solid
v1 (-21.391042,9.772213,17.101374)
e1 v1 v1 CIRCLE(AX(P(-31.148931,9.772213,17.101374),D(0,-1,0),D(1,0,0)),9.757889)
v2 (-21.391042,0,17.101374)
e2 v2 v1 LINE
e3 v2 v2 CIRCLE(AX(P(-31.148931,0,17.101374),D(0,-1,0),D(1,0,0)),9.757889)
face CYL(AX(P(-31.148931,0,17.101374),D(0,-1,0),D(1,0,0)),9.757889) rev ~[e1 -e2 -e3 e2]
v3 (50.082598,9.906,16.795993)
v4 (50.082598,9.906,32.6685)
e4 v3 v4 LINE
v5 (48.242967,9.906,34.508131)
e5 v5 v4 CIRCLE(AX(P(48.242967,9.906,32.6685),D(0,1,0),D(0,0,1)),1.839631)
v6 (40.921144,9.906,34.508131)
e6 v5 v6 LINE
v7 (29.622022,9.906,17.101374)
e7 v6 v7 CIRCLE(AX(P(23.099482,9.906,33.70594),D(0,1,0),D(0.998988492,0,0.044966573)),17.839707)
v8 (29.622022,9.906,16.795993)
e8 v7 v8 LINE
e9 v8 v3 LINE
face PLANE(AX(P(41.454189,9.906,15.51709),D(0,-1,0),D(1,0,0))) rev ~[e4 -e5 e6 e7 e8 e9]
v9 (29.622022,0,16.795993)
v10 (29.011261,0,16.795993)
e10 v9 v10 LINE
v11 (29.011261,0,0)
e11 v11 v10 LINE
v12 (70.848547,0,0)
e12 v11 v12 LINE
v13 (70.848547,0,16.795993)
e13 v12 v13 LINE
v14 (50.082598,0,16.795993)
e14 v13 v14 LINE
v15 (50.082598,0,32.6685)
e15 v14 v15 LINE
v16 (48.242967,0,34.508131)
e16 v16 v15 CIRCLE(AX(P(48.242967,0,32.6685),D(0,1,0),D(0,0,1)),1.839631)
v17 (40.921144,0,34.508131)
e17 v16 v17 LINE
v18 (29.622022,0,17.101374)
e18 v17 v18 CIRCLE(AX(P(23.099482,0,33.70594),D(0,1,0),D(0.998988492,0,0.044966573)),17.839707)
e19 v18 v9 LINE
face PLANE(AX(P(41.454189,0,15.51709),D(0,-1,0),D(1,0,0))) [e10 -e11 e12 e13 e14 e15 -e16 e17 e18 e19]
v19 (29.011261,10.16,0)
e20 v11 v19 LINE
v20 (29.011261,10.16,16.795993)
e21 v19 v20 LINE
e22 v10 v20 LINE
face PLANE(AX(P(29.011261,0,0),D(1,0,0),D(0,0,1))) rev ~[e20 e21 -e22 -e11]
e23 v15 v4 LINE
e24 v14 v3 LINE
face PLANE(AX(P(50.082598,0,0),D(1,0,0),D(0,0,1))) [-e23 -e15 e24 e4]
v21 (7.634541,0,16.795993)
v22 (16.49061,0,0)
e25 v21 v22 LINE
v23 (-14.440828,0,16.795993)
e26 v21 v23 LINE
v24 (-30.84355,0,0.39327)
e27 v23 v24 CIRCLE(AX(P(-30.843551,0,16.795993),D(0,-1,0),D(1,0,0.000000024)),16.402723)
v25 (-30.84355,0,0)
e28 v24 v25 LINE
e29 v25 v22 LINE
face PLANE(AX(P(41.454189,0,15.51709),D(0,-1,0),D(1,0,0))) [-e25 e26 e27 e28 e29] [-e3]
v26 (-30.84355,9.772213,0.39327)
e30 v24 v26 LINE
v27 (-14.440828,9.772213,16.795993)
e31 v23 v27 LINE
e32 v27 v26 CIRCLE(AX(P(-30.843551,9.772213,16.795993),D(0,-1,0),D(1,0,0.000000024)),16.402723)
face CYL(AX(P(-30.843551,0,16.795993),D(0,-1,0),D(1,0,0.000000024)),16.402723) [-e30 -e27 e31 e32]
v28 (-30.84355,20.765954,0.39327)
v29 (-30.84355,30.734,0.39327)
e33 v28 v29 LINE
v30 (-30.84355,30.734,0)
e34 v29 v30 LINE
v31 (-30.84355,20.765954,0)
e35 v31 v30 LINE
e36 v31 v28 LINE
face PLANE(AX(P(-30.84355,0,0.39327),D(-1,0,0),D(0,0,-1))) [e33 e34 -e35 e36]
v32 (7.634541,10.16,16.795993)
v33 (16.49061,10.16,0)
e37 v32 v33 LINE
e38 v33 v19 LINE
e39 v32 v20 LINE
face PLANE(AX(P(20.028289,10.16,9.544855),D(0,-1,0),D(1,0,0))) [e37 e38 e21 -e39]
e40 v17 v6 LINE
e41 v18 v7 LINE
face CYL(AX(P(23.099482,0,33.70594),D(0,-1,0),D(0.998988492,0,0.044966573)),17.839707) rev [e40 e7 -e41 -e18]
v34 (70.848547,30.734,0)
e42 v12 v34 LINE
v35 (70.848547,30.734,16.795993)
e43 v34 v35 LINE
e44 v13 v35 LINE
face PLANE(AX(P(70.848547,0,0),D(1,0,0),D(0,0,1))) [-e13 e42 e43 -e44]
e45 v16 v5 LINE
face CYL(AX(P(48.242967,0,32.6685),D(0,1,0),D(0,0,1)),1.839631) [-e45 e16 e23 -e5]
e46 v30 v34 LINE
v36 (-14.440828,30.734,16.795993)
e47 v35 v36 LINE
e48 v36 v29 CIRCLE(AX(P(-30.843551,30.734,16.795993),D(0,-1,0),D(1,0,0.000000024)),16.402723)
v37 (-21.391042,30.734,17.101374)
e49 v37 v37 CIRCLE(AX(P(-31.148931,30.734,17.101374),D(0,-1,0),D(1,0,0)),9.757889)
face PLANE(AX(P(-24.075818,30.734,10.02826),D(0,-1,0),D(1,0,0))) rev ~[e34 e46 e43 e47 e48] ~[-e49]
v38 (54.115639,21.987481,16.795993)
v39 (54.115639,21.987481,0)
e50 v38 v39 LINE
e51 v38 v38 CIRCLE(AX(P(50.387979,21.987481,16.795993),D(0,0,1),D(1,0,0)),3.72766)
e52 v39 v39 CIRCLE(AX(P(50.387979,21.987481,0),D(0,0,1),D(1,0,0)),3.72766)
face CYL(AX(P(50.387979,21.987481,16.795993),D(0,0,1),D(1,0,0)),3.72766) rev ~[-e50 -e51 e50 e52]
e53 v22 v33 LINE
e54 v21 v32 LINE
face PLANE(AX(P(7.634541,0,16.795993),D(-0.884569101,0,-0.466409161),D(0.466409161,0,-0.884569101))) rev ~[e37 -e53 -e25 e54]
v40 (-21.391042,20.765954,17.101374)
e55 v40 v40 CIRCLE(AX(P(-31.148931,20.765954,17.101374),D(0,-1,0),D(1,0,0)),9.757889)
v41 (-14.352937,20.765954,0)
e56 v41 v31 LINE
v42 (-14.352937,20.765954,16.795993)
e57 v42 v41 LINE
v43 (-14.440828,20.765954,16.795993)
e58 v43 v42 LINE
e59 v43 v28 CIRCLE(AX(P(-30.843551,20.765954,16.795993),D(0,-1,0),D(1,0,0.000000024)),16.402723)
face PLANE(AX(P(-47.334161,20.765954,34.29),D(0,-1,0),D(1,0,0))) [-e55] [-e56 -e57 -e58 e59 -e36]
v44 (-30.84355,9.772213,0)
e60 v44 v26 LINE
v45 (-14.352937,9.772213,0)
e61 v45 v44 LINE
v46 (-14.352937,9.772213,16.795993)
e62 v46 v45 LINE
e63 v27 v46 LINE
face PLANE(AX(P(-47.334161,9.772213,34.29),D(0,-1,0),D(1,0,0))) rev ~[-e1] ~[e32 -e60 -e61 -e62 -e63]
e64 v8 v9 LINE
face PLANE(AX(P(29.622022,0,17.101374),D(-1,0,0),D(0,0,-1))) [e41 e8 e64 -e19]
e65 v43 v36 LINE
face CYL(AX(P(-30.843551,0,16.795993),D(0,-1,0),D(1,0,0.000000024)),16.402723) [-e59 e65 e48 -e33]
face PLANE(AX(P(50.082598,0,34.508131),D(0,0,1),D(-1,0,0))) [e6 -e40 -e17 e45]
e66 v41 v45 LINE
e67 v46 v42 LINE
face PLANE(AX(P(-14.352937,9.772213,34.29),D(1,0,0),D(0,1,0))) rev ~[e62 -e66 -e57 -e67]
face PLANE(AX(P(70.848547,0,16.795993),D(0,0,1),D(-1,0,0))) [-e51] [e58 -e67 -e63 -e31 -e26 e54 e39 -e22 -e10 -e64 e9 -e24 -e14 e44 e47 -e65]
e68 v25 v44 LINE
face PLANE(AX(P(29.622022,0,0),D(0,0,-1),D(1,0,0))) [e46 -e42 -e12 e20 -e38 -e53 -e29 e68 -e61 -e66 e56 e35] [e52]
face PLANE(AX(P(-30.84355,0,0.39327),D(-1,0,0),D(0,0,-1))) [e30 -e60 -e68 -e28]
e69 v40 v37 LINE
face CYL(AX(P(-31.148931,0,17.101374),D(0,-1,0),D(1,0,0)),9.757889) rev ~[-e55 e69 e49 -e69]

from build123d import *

# Parameters (mm, degrees)
F1_DEPTH  = 30.734
F3_W      = 32.981223
F3_H      = 10.993741
F4_DEPTH  = 53.848
F5_R      = 9.757889
F6_DEPTH  = 53.086
F8_DEPTH  = 9.906
F9_R      = 1.839631
F11_DEPTH = 10.16
F12_R     = 3.72766
F13_DEPTH = 25.4


with BuildPart() as f1:
    # F0 (on Front) → F1 (new body)
    with BuildSketch(Plane.XZ):
        with BuildLine():
            ThreePointArc((-30.84355, 0.39327), (-19.245074, 5.197517), (-14.440828, 16.795993))
            Line((-14.440828, 16.795993), (-30.84355, 16.795993))
            Line((-30.84355, 16.795993), (-30.84355, 0.39327))
        make_face()
        with BuildLine():
            Line((-30.84355, 16.795993), (-14.440828, 16.795993))
            ThreePointArc((-14.440828, 16.795993), (-42.442027, 28.394469), (-30.84355, 0.39327))
            Line((-30.84355, 0.39327), (-30.84355, 16.795993))
        make_face()
        with BuildLine():
            Line((70.848547, 16.795993), (-14.440828, 16.795993))
            ThreePointArc((-14.440828, 16.795993), (-19.245074, 5.197517), (-30.84355, 0.39327))
            Line((-30.84355, 0.39327), (-30.84355, 0))
            Line((-30.84355, 0), (70.848547, 0))
            Line((70.848547, 0), (70.848547, 16.795993))
        make_face()
    extrude(amount=-F1_DEPTH)

    # F3 (on offset) → F4 (cut)
    with BuildSketch(Plane.XY.offset(34.29)):
        with Locations((-30.843549, 15.269084)):
            Rectangle(F3_W, F3_H)
    extrude(amount=-F4_DEPTH, mode=Mode.SUBTRACT)

    # F5 (on Front) → F6 (cut)
    with BuildSketch(Plane.XZ):
        with Locations((-31.148931, 17.101374)):
            Circle(F5_R)
    extrude(amount=-F6_DEPTH, mode=Mode.SUBTRACT)

    # F7 (on Front) → F8 (join)
    with BuildSketch(Plane.XZ):
        with BuildLine():
            Line((29.622022, 17.101374), (29.622022, 0))
            Line((29.622022, 0), (50.082598, 0))
            Line((50.082598, 0), (50.082598, 34.508131))
            Line((50.082598, 34.508131), (40.921144, 34.508131))
            ThreePointArc((40.921144, 34.508131), (38.063066, 23.992738), (29.622022, 17.101374))
        make_face()
    extrude(amount=-F8_DEPTH)

    # F9
    f9_edges = [f1.edges().sort_by_distance(p)[0] for p in [
        (50.082598, 4.953, 34.508131),
    ]]
    fillet(f9_edges, radius=F9_R)

    # F10 (on Front) → F11 (cut)
    with BuildSketch(Plane.XZ):
        Polygon((29.011261, 0), (29.011261, 17.101374), (7.634541, 16.795993), (16.49061, 0), align=None)
    extrude(amount=-F11_DEPTH, mode=Mode.SUBTRACT)

    # F12 (on face) → F13 (cut)
    with BuildSketch(Plane.XY.offset(16.795993)):
        with Locations((50.387979, 21.987481)):
            Circle(F12_R)
    extrude(amount=-F13_DEPTH, mode=Mode.SUBTRACT)


solid = f1.part
